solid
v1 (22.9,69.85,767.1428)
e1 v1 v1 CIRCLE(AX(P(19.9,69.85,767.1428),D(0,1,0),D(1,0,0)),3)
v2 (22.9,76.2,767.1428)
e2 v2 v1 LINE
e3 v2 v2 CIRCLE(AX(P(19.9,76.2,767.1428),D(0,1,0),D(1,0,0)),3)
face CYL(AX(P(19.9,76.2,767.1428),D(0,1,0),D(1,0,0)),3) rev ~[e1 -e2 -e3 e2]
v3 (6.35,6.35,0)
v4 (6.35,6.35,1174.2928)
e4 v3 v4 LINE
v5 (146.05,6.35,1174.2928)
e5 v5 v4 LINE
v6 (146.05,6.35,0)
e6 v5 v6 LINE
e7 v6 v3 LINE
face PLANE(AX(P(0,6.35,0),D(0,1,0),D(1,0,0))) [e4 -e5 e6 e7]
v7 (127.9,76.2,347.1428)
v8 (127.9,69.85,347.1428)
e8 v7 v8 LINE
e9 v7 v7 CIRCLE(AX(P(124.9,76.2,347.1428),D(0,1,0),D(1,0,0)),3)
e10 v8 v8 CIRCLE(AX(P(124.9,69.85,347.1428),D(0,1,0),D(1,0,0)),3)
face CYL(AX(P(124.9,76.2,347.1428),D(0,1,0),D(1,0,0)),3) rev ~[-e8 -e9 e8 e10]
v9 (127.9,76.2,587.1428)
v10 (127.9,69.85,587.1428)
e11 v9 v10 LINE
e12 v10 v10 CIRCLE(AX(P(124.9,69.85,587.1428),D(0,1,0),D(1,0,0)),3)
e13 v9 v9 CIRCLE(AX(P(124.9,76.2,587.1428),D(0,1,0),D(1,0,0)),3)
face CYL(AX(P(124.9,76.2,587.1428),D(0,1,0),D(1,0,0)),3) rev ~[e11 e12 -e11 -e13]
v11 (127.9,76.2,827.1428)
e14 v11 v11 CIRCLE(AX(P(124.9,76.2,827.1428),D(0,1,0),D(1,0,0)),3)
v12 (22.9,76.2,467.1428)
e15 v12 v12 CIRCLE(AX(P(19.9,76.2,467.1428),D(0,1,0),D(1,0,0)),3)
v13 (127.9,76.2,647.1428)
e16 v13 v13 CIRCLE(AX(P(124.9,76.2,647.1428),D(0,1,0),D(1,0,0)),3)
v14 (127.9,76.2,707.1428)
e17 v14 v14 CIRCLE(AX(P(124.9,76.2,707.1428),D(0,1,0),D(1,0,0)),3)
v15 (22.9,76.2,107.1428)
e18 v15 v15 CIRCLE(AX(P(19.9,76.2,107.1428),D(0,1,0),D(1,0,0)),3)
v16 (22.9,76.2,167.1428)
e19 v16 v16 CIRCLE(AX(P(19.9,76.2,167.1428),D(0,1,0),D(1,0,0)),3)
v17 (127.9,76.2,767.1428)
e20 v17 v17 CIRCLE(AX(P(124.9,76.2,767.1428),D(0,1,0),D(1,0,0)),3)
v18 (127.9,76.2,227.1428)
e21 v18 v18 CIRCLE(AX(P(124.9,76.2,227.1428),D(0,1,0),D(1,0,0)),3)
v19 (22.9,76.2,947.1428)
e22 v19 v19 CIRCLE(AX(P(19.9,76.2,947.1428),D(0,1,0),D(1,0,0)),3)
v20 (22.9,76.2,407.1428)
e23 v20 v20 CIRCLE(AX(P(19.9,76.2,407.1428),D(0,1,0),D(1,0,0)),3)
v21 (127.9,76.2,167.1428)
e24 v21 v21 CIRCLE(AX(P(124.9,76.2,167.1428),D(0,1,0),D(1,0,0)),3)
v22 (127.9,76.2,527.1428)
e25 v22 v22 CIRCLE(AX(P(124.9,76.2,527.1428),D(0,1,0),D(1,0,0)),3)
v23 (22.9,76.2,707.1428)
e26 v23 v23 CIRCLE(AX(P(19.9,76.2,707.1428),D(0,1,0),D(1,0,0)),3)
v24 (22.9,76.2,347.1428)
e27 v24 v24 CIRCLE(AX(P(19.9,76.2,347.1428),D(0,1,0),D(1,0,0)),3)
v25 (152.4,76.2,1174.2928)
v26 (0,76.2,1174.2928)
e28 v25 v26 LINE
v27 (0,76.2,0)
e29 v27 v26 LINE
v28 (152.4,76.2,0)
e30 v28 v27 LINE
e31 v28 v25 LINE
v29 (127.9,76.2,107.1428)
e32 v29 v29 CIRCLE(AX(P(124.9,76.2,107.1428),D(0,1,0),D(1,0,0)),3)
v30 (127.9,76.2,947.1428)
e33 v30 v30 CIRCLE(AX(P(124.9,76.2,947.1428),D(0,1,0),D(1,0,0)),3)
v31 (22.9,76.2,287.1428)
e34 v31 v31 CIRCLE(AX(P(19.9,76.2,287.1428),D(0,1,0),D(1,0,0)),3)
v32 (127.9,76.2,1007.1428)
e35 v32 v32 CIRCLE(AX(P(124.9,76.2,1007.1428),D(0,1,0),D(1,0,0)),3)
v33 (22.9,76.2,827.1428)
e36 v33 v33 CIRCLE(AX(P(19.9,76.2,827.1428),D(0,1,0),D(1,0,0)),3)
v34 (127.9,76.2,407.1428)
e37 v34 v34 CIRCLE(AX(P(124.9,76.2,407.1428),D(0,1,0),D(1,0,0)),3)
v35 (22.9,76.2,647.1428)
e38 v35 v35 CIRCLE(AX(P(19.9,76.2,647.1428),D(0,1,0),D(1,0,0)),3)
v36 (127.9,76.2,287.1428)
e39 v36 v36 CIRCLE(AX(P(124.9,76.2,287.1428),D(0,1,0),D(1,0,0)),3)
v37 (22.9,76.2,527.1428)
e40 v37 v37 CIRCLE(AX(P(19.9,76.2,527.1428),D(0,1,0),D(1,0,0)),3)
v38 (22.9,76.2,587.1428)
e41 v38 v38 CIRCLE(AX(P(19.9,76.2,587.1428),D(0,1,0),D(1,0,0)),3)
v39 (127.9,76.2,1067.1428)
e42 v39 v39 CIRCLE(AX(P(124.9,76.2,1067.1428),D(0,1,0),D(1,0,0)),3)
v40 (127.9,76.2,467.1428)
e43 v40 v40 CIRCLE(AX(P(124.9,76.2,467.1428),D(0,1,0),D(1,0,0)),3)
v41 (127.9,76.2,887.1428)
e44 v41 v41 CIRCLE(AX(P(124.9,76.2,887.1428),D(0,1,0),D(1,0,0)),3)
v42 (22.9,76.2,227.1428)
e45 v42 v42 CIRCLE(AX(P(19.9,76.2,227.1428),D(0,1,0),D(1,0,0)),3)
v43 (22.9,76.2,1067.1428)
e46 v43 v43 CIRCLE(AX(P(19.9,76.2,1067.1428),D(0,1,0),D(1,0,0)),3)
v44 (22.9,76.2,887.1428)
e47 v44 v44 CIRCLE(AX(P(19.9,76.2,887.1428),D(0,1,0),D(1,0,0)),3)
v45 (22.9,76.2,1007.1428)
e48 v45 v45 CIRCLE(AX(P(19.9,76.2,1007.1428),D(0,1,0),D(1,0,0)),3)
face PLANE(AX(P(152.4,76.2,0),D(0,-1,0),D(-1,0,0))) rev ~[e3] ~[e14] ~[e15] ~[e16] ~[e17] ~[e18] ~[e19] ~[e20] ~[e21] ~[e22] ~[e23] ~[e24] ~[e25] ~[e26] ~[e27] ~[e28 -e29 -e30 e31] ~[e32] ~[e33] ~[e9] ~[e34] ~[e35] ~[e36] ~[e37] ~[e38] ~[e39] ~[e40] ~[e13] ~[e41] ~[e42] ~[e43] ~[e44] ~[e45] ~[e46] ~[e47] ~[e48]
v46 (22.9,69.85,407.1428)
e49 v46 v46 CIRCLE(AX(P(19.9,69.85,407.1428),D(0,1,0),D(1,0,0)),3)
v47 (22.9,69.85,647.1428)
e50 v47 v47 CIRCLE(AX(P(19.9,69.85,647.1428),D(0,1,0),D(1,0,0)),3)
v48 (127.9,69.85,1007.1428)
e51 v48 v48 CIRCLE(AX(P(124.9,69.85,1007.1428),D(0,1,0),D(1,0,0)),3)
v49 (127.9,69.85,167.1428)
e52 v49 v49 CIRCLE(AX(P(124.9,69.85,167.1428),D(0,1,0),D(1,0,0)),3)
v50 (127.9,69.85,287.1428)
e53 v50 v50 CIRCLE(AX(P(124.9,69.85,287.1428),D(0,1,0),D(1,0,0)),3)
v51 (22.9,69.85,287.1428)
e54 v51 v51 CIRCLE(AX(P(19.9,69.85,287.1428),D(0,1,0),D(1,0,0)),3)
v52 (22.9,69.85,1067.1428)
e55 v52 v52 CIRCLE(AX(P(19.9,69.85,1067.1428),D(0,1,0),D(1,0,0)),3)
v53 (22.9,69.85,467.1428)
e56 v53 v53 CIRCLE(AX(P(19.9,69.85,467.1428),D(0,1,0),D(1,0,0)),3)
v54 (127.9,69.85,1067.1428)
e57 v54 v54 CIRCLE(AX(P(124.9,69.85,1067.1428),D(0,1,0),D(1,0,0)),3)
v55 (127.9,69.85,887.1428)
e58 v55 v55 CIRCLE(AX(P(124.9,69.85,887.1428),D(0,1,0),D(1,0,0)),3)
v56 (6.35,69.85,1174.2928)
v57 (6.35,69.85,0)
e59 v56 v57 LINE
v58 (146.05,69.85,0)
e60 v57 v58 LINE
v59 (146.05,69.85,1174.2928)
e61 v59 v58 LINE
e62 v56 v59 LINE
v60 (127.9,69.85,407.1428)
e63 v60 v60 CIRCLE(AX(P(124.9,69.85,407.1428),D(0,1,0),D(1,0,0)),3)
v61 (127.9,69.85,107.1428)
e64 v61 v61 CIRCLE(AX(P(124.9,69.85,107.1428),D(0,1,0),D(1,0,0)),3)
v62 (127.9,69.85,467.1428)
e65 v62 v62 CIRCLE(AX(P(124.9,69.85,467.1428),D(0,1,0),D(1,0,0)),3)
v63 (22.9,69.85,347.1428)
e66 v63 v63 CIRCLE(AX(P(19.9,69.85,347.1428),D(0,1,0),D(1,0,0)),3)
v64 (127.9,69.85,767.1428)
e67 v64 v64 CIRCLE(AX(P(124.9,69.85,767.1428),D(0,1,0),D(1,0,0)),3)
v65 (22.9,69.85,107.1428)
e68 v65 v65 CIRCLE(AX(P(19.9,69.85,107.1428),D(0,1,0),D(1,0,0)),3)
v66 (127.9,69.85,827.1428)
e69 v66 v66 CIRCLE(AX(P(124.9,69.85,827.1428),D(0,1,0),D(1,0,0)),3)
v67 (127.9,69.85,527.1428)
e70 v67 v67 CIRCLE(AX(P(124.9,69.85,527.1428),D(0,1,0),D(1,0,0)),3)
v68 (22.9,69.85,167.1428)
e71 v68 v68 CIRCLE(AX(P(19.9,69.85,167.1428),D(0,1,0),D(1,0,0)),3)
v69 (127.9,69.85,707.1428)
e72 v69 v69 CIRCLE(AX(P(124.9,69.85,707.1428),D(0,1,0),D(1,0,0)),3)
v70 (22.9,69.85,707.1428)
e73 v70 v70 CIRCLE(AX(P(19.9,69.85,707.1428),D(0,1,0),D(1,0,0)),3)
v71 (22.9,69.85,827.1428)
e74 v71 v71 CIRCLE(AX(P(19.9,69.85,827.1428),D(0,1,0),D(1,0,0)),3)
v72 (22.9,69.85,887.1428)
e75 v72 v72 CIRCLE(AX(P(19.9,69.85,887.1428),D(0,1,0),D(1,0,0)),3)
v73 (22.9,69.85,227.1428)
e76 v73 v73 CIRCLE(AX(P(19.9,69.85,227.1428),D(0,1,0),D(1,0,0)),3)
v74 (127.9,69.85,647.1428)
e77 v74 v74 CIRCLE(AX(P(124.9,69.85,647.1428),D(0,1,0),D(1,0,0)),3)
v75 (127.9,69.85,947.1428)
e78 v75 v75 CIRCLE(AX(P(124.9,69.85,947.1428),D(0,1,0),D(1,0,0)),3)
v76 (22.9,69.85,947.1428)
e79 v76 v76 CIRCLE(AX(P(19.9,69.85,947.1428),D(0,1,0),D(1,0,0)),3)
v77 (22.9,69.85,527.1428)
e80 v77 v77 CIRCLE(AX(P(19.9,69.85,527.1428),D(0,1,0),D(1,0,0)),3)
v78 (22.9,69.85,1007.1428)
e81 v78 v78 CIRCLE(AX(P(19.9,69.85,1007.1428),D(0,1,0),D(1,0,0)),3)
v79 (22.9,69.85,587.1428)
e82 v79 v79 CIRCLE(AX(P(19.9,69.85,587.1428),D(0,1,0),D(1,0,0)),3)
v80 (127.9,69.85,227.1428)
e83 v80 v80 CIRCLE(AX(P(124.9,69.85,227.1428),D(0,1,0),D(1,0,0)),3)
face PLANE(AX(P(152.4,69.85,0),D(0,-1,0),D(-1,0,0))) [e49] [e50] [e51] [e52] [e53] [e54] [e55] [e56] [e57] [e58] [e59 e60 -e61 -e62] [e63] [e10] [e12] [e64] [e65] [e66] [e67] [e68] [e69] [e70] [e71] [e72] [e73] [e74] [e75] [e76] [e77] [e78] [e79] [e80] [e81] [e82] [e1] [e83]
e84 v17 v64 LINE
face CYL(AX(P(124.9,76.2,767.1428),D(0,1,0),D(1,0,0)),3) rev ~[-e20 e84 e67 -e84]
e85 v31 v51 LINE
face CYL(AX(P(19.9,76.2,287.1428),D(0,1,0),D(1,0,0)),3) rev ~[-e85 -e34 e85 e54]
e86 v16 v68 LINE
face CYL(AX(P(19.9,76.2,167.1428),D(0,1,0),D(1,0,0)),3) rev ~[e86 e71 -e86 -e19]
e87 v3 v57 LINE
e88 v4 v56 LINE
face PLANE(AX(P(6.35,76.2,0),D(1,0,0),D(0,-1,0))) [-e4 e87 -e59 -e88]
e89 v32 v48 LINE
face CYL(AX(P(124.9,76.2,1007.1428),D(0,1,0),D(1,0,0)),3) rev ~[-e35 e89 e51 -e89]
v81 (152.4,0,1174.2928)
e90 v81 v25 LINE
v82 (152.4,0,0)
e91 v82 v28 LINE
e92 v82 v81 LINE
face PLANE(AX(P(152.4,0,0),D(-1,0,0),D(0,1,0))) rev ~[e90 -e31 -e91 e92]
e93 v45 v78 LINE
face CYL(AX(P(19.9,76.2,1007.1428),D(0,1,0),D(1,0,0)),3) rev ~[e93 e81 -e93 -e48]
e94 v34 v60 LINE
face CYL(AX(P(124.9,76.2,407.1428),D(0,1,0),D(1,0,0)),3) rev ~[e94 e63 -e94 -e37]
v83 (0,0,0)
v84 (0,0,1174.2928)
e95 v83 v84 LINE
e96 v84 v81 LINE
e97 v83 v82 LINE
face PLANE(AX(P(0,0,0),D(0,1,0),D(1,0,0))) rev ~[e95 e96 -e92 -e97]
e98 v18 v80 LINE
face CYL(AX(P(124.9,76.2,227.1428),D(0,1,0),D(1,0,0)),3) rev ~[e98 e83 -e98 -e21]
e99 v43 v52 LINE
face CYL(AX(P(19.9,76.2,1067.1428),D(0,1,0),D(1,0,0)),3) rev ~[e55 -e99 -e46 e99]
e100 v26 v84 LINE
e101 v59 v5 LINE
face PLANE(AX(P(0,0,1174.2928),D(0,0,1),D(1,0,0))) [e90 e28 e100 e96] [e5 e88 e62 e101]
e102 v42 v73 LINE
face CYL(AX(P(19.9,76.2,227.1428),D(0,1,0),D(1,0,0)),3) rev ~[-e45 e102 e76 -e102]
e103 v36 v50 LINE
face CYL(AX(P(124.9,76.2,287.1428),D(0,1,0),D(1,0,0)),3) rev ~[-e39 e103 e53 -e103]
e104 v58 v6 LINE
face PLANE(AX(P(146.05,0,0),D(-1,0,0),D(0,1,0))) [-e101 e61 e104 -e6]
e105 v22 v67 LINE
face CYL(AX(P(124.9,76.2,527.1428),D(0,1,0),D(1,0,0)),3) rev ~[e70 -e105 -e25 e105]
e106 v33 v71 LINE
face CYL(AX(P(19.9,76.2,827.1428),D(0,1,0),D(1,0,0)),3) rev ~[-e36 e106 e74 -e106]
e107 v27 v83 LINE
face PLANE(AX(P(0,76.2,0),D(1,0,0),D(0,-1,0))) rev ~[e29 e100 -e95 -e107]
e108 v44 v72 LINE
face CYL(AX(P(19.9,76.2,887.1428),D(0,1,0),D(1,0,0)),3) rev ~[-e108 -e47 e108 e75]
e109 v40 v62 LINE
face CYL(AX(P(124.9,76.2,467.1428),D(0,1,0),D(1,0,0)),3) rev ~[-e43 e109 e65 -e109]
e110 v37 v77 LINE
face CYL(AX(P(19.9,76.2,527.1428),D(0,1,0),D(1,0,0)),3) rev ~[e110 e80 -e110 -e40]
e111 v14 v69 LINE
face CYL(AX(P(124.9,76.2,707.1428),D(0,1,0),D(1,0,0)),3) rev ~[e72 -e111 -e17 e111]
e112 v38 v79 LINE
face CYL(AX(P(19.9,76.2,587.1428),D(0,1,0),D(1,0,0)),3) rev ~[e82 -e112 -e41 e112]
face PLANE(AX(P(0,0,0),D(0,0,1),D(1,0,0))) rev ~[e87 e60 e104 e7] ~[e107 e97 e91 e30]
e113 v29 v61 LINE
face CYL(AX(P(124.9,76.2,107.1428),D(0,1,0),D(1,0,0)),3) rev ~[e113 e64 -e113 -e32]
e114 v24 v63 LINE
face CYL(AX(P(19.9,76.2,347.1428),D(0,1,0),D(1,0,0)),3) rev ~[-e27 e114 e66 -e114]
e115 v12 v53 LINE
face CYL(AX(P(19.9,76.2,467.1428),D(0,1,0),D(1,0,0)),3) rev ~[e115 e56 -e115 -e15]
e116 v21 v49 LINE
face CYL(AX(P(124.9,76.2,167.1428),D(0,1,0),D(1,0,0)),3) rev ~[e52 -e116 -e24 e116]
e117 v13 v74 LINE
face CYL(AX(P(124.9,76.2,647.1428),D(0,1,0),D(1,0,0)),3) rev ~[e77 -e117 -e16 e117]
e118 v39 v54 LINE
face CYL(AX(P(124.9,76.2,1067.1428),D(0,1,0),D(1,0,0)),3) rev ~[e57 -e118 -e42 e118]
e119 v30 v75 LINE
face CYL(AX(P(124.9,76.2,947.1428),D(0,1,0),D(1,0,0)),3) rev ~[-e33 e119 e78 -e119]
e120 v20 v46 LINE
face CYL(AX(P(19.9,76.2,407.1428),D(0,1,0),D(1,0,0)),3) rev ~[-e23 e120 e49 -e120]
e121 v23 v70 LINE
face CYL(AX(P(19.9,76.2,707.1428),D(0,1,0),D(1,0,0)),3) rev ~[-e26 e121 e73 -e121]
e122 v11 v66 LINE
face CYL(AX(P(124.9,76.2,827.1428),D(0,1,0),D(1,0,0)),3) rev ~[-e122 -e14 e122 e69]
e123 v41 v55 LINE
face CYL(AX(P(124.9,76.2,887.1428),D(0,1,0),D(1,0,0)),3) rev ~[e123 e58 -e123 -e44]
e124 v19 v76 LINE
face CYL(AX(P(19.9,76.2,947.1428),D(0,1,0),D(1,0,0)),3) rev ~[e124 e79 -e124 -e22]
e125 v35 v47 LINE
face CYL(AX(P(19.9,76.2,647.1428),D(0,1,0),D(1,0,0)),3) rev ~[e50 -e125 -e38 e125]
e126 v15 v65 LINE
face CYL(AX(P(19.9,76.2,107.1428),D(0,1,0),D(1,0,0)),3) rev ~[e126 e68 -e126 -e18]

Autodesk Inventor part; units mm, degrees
ref_plane "YZ Plane" through (0, 0, 0) normal (1, 0, 0) x (0, 1, 0)
ref_plane "XZ Plane" through (0, 0, 0) normal (0, 1, 0) x (-1, 0, 0)
ref_plane "XY Plane" through (0, 0, 0) normal (0, 0, 1) x (1, 0, 0)
sketch "Sketch1" plane through (0, 0, 0) normal (0, 0, 1) x (1, 0, 0)
  line L0 (0, 0) -> (152.4, 0)
  line L1 (152.4, 0) -> (152.4, 76.2)
  line L2 (152.4, 76.2) -> (0, 76.2)
  line L3 (0, 76.2) -> (0, 0)
  dimension "d0" = 152.4
  dimension "d1" = 76.2
extrude "Extrusion1" add sketch "Sketch1" along normal blind 1174.2928
shell "Shell1" thickness 6.35 removed faces 2 at (50.8, 50.8, 0) at (50.8, 50.8, 1174.2928)
sketch "Sketch2" plane through (0, 76.2, 0) normal (0, 1, 0) x (1, 0, 0)
  circle A0 centre (124.9, -1067.1428) radius 3 projected
  circle A1 centre (124.9, -1007.1428) radius 3 projected
  circle A2 centre (124.9, -947.1428) radius 3 projected
  circle A3 centre (124.9, -887.1428) radius 3 projected
  circle A4 centre (124.9, -827.1428) radius 3 projected
  circle A5 centre (124.9, -767.1428) radius 3 projected
  circle A6 centre (124.9, -707.1428) radius 3 projected
  circle A7 centre (124.9, -647.1428) radius 3 projected
  circle A8 centre (124.9, -587.1428) radius 3 projected
  circle A9 centre (124.9, -527.1428) radius 3 projected
  circle A10 centre (124.9, -467.1428) radius 3 projected
  circle A11 centre (124.9, -407.1428) radius 3 projected
  circle A12 centre (124.9, -347.1428) radius 3 projected
  circle A13 centre (124.9, -287.1428) radius 3 projected
  circle A14 centre (124.9, -227.1428) radius 3 projected
  circle A15 centre (124.9, -167.1428) radius 3 projected
  circle A16 centre (124.9, -107.1428) radius 3 projected
  line L0 (114.9, -87.1428) -> (134.9, -87.1428) projected
  line L1 (134.9, -87.1428) -> (134.9, -1087.1428) projected
  line L2 (114.9, -1087.1428) -> (134.9, -1087.1428) projected
  line L3 (114.9, -87.1428) -> (114.9, -1087.1428) projected
  circle A17 centre (19.9, -1067.1428) radius 3 projected
  circle A18 centre (19.9, -1007.1428) radius 3 projected
  circle A19 centre (19.9, -947.1428) radius 3 projected
  circle A20 centre (19.9, -887.1428) radius 3 projected
  circle A21 centre (19.9, -827.1428) radius 3 projected
  circle A22 centre (19.9, -767.1428) radius 3 projected
  circle A23 centre (19.9, -707.1428) radius 3 projected
  circle A24 centre (19.9, -647.1428) radius 3 projected
  circle A25 centre (19.9, -587.1428) radius 3 projected
  circle A26 centre (19.9, -527.1428) radius 3 projected
  circle A27 centre (19.9, -467.1428) radius 3 projected
  circle A28 centre (19.9, -407.1428) radius 3 projected
  circle A29 centre (19.9, -347.1428) radius 3 projected
  circle A30 centre (19.9, -287.1428) radius 3 projected
  circle A31 centre (19.9, -227.1428) radius 3 projected
  circle A32 centre (19.9, -167.1428) radius 3 projected
  circle A33 centre (19.9, -107.1428) radius 3 projected
  line L4 (9.9, -87.1428) -> (29.9, -87.1428) projected
  line L5 (29.9, -87.1428) -> (29.9, -1087.1428) projected
  line L6 (9.9, -1087.1428) -> (29.9, -1087.1428) projected
  line L7 (9.9, -87.1428) -> (9.9, -1087.1428) projected
  point P0 (0, 0)
extrude "Extrusion2" cut sketch "Sketch2" against normal up to surface (6.35 mm away) contours A0 | A1 | A2 | A3 | A4 | A5 | A6 | A7 | A8 | A9 | A10 | A11 | A12 | A13 | A14 | A15 | A16 | A17 | A18 | A19 | A20 | A21 | A22 | A23 | A24 | A25 | A26 | A27 | A28 | A29 | A30 | A31 | A32 | A33
properties part number "HORIZONTALTUBE"
